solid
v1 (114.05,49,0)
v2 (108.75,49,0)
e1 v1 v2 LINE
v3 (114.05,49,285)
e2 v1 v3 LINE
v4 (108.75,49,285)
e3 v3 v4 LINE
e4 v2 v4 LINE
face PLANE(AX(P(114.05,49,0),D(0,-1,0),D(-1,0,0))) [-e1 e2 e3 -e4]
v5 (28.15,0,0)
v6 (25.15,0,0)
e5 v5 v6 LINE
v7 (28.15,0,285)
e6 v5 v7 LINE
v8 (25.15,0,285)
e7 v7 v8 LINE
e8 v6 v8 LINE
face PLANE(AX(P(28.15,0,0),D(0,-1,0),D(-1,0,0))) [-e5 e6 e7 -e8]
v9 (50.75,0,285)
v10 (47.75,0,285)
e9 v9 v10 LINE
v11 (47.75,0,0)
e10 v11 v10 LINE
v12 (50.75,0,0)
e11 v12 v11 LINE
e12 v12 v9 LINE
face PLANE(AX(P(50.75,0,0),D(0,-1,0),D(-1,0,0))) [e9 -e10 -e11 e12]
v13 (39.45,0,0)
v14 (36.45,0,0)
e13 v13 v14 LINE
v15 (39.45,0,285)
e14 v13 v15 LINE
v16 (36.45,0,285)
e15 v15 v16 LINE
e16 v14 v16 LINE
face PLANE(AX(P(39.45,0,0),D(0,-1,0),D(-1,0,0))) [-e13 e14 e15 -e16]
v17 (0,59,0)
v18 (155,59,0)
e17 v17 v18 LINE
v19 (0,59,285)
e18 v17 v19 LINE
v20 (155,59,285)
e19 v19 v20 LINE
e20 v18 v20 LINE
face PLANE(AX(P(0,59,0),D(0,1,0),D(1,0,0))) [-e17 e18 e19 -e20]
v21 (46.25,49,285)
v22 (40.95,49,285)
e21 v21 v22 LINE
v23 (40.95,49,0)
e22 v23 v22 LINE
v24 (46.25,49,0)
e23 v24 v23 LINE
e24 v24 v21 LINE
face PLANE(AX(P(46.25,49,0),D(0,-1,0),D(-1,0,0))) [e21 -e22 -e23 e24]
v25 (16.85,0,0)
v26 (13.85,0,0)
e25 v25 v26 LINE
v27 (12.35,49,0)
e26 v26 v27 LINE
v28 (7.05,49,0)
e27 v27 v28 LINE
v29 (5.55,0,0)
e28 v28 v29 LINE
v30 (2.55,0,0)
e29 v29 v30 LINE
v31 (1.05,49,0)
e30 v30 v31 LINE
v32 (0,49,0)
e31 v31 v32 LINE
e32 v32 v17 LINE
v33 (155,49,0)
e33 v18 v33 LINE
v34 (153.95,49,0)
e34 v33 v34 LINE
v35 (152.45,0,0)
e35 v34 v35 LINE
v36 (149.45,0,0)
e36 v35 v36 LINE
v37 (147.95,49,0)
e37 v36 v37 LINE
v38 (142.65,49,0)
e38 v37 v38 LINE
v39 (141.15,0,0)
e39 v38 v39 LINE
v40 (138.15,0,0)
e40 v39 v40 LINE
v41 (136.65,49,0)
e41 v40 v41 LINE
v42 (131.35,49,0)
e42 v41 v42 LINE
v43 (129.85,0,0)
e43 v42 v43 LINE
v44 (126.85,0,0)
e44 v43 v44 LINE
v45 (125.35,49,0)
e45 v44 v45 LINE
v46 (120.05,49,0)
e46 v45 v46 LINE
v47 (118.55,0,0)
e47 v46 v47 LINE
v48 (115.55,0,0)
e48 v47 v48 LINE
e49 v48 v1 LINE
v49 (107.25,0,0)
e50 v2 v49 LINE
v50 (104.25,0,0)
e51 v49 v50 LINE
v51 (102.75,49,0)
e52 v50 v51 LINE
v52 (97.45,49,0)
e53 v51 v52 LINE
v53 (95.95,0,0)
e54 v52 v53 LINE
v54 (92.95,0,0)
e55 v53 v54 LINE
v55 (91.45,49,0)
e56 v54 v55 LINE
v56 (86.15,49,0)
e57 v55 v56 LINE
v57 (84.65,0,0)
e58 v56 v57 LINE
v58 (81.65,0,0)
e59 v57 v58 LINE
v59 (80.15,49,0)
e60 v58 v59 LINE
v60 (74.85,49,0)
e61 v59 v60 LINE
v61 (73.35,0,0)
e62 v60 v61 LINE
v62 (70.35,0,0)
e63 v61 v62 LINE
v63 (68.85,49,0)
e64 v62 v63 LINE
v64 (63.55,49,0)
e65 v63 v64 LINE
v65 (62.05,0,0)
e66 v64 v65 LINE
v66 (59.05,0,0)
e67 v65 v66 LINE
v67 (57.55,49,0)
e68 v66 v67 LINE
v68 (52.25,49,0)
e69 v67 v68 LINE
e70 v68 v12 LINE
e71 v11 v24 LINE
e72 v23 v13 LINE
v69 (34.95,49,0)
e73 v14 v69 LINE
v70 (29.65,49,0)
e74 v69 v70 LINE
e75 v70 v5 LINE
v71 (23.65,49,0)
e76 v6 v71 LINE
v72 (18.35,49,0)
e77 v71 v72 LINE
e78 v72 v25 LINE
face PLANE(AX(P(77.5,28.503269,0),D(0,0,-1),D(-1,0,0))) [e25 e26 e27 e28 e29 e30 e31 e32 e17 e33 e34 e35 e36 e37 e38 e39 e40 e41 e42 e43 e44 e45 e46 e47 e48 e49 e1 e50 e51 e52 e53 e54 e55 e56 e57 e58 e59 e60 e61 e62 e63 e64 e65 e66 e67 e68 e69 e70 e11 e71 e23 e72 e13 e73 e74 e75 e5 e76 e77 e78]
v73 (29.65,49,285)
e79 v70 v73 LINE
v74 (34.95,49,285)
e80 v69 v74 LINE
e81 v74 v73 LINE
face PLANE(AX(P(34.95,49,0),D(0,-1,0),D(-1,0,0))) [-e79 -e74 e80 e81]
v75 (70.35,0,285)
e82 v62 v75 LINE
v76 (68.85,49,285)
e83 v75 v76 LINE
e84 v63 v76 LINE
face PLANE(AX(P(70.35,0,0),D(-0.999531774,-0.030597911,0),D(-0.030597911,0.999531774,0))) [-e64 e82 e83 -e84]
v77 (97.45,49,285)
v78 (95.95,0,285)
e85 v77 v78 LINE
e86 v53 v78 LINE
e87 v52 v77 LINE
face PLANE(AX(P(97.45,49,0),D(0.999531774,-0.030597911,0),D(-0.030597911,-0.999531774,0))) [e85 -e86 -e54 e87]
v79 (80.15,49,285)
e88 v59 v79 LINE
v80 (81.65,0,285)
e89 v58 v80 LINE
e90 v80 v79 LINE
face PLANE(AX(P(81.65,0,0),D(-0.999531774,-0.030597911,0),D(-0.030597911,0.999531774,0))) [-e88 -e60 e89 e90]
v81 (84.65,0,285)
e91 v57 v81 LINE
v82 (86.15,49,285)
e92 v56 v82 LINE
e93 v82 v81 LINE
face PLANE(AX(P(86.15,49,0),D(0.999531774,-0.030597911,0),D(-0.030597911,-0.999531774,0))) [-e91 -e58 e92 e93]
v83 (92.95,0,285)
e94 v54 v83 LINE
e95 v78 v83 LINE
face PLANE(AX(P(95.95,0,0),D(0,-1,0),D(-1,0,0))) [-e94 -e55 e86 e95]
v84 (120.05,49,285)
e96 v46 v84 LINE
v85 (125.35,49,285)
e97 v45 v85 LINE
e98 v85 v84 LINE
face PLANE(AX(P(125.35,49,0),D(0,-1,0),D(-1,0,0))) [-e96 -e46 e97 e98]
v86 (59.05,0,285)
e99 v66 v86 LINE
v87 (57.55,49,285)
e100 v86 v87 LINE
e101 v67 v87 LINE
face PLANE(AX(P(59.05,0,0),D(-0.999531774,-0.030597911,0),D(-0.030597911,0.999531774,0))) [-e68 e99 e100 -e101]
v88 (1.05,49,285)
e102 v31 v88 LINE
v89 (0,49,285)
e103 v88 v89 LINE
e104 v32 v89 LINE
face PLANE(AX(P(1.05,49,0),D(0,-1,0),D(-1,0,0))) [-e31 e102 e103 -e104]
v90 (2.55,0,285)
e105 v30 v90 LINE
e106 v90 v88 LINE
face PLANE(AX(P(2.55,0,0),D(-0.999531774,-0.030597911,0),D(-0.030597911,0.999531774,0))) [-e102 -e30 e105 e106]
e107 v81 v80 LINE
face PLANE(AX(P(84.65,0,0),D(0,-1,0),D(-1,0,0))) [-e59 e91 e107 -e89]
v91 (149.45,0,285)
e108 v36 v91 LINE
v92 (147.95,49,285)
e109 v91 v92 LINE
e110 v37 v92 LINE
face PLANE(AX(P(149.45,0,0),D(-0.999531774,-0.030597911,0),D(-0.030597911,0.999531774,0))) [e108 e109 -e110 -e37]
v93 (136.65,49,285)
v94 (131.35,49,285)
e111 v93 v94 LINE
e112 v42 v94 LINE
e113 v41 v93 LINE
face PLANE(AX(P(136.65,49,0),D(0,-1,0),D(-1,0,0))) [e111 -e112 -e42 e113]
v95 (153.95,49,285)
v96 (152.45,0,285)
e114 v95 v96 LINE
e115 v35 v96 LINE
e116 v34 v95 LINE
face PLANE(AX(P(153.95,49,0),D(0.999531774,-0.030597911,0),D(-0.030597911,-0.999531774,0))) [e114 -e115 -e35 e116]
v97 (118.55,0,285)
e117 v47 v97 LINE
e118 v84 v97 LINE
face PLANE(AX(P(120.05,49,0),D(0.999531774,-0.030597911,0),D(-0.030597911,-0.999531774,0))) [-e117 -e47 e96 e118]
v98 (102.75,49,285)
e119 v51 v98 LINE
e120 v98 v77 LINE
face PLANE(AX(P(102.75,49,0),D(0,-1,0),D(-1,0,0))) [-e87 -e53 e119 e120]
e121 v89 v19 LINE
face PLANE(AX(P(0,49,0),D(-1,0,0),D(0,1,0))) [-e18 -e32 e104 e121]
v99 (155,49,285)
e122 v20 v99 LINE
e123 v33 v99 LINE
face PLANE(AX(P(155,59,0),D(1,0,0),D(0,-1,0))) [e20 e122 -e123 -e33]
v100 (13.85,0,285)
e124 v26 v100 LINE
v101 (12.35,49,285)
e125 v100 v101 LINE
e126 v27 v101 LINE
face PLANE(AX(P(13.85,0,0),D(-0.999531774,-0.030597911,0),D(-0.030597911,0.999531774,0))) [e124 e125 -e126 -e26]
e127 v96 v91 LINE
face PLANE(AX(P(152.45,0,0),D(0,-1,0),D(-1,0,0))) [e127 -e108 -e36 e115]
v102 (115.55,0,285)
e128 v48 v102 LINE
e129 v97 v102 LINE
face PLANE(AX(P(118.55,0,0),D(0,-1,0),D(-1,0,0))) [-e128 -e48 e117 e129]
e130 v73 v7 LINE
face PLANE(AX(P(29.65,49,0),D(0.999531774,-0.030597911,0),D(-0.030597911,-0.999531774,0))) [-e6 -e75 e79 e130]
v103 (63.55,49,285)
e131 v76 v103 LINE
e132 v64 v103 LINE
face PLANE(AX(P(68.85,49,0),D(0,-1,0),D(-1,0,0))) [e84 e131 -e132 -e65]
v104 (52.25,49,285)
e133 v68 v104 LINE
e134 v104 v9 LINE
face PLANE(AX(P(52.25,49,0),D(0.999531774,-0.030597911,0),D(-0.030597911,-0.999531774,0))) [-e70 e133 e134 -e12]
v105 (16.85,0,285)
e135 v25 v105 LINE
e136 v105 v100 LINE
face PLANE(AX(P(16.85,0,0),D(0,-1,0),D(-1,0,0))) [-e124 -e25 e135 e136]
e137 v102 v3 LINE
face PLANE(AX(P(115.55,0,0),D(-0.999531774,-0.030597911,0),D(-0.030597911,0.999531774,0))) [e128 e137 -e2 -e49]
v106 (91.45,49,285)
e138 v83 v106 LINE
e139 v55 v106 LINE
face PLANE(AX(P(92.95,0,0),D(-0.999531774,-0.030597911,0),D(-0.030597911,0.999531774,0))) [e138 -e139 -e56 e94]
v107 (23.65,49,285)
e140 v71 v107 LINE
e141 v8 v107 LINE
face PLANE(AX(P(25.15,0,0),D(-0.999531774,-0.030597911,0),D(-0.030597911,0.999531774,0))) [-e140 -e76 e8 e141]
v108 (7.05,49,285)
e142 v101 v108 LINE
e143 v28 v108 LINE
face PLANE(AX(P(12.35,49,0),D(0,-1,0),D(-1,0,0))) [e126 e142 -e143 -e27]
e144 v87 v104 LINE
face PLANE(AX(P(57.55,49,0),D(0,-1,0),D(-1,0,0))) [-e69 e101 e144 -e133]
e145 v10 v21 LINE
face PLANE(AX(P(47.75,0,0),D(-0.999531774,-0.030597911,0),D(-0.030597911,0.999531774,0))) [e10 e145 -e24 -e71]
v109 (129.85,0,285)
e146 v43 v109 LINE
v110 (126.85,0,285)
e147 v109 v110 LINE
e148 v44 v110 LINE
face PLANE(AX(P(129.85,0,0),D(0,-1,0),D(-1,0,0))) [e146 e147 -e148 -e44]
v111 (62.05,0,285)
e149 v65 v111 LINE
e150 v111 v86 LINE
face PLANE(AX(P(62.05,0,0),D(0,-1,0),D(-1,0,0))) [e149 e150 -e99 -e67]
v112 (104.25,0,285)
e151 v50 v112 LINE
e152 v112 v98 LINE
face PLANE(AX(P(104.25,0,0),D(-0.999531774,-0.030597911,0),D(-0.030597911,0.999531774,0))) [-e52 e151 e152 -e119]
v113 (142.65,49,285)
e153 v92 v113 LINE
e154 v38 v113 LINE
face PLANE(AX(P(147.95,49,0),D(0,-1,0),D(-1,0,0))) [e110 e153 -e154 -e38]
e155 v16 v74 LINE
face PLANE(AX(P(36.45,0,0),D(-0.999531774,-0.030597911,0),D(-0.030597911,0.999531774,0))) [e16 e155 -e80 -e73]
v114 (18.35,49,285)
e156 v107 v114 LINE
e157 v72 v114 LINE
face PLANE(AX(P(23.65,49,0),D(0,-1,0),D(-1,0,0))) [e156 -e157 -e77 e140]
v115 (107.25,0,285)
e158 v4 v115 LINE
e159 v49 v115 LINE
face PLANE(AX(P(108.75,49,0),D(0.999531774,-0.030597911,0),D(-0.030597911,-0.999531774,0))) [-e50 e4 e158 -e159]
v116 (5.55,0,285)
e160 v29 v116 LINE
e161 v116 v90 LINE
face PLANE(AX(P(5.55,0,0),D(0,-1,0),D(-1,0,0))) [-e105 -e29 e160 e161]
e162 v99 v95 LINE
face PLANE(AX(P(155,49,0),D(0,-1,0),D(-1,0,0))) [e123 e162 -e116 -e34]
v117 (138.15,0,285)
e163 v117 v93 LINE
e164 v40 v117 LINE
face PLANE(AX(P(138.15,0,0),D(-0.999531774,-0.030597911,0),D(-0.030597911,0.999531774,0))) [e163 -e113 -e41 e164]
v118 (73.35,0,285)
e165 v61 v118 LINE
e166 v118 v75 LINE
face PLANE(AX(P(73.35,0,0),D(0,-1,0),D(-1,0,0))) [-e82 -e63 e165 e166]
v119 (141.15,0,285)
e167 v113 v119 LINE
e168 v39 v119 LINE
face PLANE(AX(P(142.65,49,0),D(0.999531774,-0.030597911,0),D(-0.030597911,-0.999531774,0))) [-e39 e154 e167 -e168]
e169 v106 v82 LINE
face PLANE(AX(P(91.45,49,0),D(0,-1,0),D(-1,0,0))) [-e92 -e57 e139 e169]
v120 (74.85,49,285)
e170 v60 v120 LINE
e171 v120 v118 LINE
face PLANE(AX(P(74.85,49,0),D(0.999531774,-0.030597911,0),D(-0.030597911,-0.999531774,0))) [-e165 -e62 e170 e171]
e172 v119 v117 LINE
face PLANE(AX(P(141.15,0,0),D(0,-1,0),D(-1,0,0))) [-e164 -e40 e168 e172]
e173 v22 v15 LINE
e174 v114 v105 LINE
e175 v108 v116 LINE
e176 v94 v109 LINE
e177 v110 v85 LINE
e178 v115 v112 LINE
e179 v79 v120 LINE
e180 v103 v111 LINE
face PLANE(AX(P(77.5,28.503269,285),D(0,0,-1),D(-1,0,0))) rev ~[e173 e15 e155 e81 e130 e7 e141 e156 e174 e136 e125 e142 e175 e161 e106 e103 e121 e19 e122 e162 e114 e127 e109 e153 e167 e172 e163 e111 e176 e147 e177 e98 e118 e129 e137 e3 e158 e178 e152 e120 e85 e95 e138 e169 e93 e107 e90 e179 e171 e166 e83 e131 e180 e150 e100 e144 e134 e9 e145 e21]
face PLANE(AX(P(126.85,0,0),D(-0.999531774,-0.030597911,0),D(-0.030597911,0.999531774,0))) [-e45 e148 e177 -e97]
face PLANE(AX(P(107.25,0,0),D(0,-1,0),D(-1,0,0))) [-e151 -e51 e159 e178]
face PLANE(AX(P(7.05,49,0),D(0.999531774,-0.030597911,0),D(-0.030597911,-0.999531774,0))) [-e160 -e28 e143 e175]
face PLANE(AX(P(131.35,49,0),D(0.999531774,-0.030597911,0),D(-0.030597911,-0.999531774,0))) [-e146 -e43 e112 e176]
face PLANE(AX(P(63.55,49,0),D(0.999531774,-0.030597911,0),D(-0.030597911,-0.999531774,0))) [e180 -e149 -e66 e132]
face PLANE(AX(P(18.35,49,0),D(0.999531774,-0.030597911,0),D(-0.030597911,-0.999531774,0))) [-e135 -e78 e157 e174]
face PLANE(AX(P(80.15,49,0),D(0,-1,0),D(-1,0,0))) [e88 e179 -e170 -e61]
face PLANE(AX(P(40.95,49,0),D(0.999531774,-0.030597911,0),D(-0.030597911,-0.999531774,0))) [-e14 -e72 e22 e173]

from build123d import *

# Parameters (mm, degrees)
RESSALTO_EXTRUS_O1_DEPTH = 285


with BuildPart() as part:
    # Esboço1 → Ressalto-extrusão1 (new body)
    with BuildSketch(Plane.XY):
        Polygon((0, 59), (155, 59), (155, 49), (153.95, 49), (152.45, 0), (149.45, 0), (147.95, 49), (142.65, 49), (141.15, 0), (138.15, 0), (136.65, 49), (131.35, 49), (129.85, 0), (126.85, 0), (125.35, 49), (120.05, 49), (118.55, 0), (115.55, 0), (114.05, 49), (108.75, 49), (107.25, 0), (104.25, 0), (102.75, 49), (97.45, 49), (95.95, 0), (92.95, 0), (91.45, 49), (86.15, 49), (84.65, 0), (81.65, 0), (80.15, 49), (74.85, 49), (73.35, 0), (70.35, 0), (68.85, 49), (63.55, 49), (62.05, 0), (59.05, 0), (57.55, 49), (52.25, 49), (50.75, 0), (47.75, 0), (46.25, 49), (40.95, 49), (39.45, 0), (36.45, 0), (34.95, 49), (29.65, 49), (28.15, 0), (25.15, 0), (23.65, 49), (18.35, 49), (16.85, 0), (13.85, 0), (12.35, 49), (7.05, 49), (5.55, 0), (2.55, 0), (1.05, 49), (0, 49), align=None)
    extrude(amount=RESSALTO_EXTRUS_O1_DEPTH)


solid = part.part
